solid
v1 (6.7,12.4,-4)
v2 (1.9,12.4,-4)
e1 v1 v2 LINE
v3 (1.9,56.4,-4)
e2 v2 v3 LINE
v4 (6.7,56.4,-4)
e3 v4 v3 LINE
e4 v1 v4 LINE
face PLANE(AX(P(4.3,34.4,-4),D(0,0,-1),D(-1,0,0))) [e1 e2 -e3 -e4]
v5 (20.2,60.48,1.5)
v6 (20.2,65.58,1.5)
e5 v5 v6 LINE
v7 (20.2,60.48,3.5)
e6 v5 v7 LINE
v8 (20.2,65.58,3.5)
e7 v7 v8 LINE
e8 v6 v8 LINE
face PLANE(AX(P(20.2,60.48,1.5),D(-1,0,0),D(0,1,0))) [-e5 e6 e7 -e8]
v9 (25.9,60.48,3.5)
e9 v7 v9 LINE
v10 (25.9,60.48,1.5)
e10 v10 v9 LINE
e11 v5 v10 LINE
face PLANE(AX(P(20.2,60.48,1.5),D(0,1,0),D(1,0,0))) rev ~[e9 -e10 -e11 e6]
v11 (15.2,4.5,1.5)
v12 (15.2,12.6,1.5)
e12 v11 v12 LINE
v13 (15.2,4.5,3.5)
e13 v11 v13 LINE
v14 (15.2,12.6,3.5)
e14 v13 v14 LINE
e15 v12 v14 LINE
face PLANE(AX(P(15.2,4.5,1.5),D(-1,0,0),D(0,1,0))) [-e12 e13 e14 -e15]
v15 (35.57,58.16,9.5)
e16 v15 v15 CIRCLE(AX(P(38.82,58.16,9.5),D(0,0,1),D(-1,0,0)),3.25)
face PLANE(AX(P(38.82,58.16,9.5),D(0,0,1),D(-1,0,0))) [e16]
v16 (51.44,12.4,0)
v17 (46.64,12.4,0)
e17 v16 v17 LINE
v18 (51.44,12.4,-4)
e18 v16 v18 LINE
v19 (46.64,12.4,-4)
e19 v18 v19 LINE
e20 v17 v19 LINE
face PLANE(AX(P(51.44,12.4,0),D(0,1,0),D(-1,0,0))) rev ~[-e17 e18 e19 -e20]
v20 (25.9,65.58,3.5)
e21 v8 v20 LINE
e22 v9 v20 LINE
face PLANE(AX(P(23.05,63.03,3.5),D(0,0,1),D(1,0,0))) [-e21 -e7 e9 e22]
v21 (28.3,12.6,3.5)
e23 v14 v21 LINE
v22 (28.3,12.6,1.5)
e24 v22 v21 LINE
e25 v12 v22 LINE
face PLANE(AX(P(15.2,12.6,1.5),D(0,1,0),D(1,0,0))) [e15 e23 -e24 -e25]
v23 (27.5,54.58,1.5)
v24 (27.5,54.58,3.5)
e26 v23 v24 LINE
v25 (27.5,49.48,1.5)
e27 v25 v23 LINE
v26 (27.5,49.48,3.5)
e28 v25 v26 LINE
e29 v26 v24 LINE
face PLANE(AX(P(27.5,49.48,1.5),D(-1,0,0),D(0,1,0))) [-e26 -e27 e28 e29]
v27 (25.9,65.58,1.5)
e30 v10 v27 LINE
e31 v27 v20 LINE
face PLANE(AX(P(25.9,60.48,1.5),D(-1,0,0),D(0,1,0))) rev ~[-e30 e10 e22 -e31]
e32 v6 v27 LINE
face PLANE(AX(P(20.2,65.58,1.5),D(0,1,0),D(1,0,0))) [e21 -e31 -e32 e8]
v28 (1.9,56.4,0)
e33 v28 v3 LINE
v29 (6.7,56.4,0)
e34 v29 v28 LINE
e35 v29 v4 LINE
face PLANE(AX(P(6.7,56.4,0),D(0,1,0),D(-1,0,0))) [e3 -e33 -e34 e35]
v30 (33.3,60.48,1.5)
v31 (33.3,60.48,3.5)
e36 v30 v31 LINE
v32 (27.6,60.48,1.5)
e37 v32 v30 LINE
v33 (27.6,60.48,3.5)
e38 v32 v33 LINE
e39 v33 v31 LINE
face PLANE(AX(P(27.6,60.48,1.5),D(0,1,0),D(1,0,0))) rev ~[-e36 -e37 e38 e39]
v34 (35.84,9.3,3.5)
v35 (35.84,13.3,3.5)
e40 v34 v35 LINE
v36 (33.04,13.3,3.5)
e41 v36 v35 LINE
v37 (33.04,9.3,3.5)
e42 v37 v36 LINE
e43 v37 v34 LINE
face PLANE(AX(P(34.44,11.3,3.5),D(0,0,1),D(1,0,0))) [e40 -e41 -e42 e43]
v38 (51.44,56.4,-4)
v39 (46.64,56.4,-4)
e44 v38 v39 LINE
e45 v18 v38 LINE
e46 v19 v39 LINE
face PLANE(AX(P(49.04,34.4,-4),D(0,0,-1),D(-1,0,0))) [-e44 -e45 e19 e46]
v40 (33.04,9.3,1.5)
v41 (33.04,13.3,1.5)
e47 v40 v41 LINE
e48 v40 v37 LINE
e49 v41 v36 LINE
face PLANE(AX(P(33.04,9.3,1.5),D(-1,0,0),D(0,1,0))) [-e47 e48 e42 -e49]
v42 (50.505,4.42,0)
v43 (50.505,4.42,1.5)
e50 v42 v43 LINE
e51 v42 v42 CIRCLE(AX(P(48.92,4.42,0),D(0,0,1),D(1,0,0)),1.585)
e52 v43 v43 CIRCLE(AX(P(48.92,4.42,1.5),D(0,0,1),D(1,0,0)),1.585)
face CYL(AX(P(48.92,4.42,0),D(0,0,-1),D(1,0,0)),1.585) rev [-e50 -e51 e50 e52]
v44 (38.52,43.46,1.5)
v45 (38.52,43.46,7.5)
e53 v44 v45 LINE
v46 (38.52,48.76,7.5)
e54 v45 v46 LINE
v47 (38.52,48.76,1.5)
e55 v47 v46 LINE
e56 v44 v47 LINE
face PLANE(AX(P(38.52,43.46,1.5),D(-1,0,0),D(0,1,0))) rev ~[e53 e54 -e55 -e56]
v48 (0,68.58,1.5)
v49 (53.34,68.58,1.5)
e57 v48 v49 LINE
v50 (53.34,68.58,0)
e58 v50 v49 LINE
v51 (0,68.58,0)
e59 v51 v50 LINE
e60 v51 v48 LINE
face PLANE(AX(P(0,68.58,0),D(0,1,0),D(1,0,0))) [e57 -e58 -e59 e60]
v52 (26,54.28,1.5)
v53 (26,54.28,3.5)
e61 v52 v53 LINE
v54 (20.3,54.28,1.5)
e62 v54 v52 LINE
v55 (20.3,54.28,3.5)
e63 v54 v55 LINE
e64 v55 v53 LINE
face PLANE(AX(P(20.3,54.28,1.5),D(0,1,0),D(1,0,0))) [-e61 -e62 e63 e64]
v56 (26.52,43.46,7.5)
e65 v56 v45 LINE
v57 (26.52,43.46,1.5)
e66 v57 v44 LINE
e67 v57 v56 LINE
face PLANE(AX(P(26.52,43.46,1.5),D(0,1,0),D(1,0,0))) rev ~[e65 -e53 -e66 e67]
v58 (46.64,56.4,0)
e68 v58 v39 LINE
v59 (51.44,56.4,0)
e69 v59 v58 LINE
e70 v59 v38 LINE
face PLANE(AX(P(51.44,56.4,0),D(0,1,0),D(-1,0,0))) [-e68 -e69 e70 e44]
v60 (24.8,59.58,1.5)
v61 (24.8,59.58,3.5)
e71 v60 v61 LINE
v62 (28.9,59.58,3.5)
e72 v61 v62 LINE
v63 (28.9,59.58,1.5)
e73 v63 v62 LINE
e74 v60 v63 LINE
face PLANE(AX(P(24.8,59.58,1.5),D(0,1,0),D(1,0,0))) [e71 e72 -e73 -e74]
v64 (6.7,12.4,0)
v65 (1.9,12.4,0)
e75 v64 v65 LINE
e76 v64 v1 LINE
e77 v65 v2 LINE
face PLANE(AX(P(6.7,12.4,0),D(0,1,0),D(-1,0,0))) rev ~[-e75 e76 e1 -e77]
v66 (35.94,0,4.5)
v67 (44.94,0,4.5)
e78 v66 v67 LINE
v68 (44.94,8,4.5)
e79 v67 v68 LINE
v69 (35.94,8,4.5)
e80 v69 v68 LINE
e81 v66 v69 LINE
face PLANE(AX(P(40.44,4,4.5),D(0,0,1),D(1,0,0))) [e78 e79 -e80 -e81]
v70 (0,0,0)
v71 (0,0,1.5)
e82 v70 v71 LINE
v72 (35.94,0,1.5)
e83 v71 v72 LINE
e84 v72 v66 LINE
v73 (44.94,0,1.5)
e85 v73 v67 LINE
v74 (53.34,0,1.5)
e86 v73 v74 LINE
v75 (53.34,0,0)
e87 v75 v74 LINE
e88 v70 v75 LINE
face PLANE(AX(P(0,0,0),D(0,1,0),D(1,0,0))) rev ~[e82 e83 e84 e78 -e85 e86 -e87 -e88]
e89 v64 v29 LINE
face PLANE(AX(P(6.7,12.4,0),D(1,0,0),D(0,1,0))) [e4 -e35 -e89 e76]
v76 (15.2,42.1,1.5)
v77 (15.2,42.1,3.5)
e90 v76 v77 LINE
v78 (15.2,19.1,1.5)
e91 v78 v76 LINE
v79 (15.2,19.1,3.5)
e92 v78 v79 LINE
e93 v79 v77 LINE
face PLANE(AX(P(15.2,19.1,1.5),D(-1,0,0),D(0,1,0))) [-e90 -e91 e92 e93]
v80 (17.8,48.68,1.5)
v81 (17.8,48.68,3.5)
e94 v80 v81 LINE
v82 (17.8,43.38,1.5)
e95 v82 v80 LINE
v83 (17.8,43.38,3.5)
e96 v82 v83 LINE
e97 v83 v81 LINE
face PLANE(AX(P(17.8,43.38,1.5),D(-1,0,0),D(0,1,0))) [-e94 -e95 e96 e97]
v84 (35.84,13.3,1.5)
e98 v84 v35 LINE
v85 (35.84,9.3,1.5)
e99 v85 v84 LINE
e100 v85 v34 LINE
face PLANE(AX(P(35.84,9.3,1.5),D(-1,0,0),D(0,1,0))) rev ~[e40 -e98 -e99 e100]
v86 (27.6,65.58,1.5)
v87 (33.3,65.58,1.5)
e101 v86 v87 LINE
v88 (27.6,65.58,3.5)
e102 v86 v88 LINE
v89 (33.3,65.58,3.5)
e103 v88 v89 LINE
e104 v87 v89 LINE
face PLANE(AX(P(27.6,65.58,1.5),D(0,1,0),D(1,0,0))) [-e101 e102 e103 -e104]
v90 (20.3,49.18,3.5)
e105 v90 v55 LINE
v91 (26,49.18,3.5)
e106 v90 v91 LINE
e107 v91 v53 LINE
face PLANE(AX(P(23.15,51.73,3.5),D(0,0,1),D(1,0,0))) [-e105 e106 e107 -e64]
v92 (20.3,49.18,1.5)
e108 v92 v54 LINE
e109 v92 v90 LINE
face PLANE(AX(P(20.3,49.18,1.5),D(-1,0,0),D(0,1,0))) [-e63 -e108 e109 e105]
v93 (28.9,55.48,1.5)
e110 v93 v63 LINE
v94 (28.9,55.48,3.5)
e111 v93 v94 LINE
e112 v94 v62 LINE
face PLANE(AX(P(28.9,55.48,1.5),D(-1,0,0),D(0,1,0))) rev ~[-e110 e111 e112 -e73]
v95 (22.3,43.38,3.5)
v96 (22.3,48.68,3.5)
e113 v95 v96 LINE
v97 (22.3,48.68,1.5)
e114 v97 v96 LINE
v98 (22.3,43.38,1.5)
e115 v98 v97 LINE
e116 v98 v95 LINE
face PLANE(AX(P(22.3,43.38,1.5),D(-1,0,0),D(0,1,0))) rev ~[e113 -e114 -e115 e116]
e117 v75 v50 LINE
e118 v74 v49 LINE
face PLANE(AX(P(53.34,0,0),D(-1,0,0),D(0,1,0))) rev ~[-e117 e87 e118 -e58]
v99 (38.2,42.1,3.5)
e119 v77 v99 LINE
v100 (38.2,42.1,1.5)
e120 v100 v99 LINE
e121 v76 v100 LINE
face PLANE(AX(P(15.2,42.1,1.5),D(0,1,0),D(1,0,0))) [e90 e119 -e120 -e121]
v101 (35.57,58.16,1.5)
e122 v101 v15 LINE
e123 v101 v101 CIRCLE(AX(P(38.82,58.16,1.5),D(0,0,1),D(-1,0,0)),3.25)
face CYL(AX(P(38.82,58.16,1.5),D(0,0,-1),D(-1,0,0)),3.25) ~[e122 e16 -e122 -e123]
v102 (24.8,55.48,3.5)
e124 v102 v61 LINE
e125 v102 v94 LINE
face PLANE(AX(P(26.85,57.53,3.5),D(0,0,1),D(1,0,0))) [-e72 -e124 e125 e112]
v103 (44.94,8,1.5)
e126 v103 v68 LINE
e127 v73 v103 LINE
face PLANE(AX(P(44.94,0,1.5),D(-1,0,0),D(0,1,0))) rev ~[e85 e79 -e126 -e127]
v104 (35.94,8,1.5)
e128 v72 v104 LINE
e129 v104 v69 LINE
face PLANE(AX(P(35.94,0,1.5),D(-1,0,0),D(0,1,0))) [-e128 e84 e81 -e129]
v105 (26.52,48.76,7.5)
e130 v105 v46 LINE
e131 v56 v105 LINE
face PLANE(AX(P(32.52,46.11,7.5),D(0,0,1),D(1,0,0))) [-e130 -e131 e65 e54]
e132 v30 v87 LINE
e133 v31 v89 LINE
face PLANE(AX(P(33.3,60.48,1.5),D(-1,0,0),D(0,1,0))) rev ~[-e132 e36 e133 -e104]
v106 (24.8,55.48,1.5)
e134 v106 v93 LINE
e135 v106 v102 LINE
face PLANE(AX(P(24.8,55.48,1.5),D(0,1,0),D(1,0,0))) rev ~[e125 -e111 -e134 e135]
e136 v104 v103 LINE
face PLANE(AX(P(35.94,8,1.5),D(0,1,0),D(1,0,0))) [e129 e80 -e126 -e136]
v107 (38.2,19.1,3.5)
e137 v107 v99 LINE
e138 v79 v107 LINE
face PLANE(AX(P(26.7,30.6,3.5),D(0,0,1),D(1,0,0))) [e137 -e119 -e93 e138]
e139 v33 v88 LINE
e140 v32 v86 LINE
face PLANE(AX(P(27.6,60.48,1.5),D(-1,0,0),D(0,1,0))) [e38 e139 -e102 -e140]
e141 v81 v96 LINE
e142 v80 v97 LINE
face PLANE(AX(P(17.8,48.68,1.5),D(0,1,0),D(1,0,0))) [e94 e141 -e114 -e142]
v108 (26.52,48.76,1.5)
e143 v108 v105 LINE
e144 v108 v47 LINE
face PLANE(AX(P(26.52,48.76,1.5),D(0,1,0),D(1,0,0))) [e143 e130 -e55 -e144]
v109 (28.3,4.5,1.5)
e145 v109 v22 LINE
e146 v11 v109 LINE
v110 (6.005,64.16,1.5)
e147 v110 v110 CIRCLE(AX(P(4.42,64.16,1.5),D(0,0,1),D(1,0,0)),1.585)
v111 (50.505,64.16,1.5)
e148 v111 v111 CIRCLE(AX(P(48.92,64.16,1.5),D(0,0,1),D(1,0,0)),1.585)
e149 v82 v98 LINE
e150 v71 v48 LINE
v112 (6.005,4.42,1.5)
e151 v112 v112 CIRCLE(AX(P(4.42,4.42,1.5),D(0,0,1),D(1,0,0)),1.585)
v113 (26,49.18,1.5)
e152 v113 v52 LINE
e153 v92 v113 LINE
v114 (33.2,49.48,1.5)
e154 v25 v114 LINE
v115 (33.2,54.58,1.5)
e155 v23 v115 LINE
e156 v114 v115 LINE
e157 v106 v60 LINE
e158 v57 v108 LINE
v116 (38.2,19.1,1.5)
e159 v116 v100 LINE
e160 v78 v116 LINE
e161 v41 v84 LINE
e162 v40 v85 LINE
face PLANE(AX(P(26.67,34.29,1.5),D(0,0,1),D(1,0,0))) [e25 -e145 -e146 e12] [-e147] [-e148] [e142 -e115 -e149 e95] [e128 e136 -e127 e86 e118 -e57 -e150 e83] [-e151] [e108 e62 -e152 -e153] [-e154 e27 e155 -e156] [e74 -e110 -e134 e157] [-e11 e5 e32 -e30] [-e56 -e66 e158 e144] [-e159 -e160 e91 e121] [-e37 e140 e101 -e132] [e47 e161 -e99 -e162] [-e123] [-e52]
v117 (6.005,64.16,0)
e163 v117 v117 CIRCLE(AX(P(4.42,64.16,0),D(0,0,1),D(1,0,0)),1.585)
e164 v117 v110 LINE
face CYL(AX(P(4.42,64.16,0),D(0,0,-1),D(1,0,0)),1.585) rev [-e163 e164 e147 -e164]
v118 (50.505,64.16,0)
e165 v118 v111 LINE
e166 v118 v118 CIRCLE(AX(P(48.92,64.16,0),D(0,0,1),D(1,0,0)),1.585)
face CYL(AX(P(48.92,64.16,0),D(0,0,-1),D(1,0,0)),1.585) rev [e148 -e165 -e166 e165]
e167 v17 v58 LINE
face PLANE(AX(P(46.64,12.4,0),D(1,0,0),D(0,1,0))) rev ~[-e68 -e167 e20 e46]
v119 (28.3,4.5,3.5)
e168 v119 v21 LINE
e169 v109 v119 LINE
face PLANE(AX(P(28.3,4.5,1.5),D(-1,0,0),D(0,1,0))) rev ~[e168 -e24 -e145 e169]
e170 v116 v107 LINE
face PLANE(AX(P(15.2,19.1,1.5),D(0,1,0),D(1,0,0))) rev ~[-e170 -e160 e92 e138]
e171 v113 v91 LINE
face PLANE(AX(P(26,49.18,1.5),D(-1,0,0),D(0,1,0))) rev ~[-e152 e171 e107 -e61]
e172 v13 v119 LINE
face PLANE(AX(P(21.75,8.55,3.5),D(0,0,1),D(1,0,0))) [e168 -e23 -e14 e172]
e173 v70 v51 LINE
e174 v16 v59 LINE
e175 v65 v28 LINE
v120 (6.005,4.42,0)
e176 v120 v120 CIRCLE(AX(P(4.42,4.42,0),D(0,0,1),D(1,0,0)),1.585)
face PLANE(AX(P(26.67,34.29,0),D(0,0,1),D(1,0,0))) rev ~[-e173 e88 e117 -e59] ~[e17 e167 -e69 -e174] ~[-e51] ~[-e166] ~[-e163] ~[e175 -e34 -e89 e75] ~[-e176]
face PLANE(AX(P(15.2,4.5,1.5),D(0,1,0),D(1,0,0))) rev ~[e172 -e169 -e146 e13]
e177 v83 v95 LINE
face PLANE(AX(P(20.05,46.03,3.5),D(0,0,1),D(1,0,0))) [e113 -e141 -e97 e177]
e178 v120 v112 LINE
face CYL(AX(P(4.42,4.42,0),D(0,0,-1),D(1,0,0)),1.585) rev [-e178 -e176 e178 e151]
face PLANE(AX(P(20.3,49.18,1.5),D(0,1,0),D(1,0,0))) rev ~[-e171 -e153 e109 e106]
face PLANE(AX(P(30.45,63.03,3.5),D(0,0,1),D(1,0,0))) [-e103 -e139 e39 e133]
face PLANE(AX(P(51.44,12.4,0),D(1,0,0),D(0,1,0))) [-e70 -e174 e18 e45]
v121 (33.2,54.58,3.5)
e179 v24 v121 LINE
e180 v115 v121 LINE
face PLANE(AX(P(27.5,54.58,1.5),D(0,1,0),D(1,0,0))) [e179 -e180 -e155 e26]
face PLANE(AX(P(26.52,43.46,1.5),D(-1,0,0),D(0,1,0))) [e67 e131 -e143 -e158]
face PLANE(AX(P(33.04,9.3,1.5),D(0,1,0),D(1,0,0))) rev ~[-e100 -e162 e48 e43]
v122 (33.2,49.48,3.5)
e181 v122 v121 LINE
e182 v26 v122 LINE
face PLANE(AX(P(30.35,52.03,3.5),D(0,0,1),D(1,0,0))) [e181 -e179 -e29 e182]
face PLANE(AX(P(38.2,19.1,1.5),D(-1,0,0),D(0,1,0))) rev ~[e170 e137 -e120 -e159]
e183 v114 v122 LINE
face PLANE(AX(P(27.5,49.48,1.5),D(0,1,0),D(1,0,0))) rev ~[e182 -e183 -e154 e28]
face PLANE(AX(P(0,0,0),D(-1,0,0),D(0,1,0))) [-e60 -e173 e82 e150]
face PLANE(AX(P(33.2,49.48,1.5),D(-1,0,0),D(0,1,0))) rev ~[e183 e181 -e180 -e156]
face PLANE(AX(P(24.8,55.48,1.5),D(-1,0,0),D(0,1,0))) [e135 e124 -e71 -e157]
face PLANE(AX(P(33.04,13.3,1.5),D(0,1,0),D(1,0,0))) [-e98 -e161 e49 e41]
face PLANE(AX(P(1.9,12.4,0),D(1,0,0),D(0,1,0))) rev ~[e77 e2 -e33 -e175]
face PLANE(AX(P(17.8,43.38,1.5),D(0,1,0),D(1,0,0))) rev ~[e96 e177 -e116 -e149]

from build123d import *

# Parameters (mm, degrees)
SKETCH_1_W      = 53.34
SKETCH_1_H      = 68.58
SKETCH_1_R      = 1.585
EXTRUDE_1_DEPTH = 1.5
SKETCH_2_R      = 3.25
EXTRUDE_2_DEPTH = 8
SKETCH_3_W      = 12
SKETCH_3_H      = 5.3
EXTRUDE_3_DEPTH = 6
SKETCH_4_W      = 2.8
SKETCH_4_H      = 4
EXTRUDE_4_DEPTH = 2
SKETCH_5_W      = 4.8
SKETCH_5_H      = 44
EXTRUDE_5_DEPTH = 4
SKETCH_6_W      = 9
SKETCH_6_H      = 8
EXTRUDE_6_DEPTH = 3
SKETCH_7_W      = 13.1
SKETCH_7_H      = 8.1
SKETCH_7_W_2    = 4.5
SKETCH_7_H_2    = 5.3
SKETCH_7_W_3    = 5.7
SKETCH_7_H_3    = 5.1
SKETCH_7_W_4    = 4.1
SKETCH_7_H_4    = 4.1
SKETCH_7_W_5    = 23
SKETCH_7_H_5    = 23
EXTRUDE_7_DEPTH = 2


with BuildPart() as part:
    # 草图1 → 凸台-拉伸1 (new body)
    with BuildSketch(Plane.XY):
        with Locations((26.67, 34.29)):
            Rectangle(SKETCH_1_W, SKETCH_1_H)
        with Locations((48.92, 64.16)):
            Circle(SKETCH_1_R, mode=Mode.SUBTRACT)
        with Locations((4.42, 64.16)):
            Circle(SKETCH_1_R, mode=Mode.SUBTRACT)
        with Locations((4.42, 4.42)):
            Circle(SKETCH_1_R, mode=Mode.SUBTRACT)
        with Locations((48.92, 4.42)):
            Circle(SKETCH_1_R, mode=Mode.SUBTRACT)
    extrude(amount=EXTRUDE_1_DEPTH)

    # 草图2 → 凸台-拉伸2 (add)
    with BuildSketch(Plane.XY.offset(1.5)):
        with Locations(Location((38.82, 58.16, 0), (0, 0, 180))):
            Circle(SKETCH_2_R)
    extrude(amount=EXTRUDE_2_DEPTH)

    # 草图3 → 凸台-拉伸3 (add)
    with BuildSketch(Plane.XY.offset(1.5)):
        with Locations((32.52, 46.11)):
            Rectangle(SKETCH_3_W, SKETCH_3_H)
    extrude(amount=EXTRUDE_3_DEPTH)

    # 草图4 → 凸台-拉伸4 (add)
    with BuildSketch(Plane.XY.offset(1.5)):
        with Locations((34.44, 11.3)):
            Rectangle(SKETCH_4_W, SKETCH_4_H)
    extrude(amount=EXTRUDE_4_DEPTH)

    # 草图5 → 凸台-拉伸5 (add)
    with BuildSketch(Plane(origin=(0, 0, 0), x_dir=(-1, 0, 0), z_dir=(0, 0, -1))):
        with Locations((-49.04, 34.4)):
            Rectangle(SKETCH_5_W, SKETCH_5_H)
        with Locations((-4.3, 34.4)):
            Rectangle(SKETCH_5_W, SKETCH_5_H)
    extrude(amount=EXTRUDE_5_DEPTH)

    # 草图6 → 凸台-拉伸6 (add)
    with BuildSketch(Plane.XY.offset(1.5)):
        with Locations((40.44, 4)):
            Rectangle(SKETCH_6_W, SKETCH_6_H)
    extrude(amount=EXTRUDE_6_DEPTH)

    # 草图7 → 凸台-拉伸7 (add)
    with BuildSketch(Plane.XY.offset(1.5)):
        with Locations((21.75, 8.55)):
            Rectangle(SKETCH_7_W, SKETCH_7_H)
        with Locations((20.05, 46.03)):
            Rectangle(SKETCH_7_W_2, SKETCH_7_H_2)
        with Locations((23.05, 63.03)):
            Rectangle(SKETCH_7_W_3, SKETCH_7_H_3)
        with Locations((30.45, 63.03)):
            Rectangle(SKETCH_7_W_3, SKETCH_7_H_3)
        with Locations((23.15, 51.73)):
            Rectangle(SKETCH_7_W_3, SKETCH_7_H_3)
        with Locations((30.35, 52.03)):
            Rectangle(SKETCH_7_W_3, SKETCH_7_H_3)
        with Locations((26.85, 57.53)):
            Rectangle(SKETCH_7_W_4, SKETCH_7_H_4)
        with Locations((26.7, 30.6)):
            Rectangle(SKETCH_7_W_5, SKETCH_7_H_5)
    extrude(amount=EXTRUDE_7_DEPTH)


solid = part.part
